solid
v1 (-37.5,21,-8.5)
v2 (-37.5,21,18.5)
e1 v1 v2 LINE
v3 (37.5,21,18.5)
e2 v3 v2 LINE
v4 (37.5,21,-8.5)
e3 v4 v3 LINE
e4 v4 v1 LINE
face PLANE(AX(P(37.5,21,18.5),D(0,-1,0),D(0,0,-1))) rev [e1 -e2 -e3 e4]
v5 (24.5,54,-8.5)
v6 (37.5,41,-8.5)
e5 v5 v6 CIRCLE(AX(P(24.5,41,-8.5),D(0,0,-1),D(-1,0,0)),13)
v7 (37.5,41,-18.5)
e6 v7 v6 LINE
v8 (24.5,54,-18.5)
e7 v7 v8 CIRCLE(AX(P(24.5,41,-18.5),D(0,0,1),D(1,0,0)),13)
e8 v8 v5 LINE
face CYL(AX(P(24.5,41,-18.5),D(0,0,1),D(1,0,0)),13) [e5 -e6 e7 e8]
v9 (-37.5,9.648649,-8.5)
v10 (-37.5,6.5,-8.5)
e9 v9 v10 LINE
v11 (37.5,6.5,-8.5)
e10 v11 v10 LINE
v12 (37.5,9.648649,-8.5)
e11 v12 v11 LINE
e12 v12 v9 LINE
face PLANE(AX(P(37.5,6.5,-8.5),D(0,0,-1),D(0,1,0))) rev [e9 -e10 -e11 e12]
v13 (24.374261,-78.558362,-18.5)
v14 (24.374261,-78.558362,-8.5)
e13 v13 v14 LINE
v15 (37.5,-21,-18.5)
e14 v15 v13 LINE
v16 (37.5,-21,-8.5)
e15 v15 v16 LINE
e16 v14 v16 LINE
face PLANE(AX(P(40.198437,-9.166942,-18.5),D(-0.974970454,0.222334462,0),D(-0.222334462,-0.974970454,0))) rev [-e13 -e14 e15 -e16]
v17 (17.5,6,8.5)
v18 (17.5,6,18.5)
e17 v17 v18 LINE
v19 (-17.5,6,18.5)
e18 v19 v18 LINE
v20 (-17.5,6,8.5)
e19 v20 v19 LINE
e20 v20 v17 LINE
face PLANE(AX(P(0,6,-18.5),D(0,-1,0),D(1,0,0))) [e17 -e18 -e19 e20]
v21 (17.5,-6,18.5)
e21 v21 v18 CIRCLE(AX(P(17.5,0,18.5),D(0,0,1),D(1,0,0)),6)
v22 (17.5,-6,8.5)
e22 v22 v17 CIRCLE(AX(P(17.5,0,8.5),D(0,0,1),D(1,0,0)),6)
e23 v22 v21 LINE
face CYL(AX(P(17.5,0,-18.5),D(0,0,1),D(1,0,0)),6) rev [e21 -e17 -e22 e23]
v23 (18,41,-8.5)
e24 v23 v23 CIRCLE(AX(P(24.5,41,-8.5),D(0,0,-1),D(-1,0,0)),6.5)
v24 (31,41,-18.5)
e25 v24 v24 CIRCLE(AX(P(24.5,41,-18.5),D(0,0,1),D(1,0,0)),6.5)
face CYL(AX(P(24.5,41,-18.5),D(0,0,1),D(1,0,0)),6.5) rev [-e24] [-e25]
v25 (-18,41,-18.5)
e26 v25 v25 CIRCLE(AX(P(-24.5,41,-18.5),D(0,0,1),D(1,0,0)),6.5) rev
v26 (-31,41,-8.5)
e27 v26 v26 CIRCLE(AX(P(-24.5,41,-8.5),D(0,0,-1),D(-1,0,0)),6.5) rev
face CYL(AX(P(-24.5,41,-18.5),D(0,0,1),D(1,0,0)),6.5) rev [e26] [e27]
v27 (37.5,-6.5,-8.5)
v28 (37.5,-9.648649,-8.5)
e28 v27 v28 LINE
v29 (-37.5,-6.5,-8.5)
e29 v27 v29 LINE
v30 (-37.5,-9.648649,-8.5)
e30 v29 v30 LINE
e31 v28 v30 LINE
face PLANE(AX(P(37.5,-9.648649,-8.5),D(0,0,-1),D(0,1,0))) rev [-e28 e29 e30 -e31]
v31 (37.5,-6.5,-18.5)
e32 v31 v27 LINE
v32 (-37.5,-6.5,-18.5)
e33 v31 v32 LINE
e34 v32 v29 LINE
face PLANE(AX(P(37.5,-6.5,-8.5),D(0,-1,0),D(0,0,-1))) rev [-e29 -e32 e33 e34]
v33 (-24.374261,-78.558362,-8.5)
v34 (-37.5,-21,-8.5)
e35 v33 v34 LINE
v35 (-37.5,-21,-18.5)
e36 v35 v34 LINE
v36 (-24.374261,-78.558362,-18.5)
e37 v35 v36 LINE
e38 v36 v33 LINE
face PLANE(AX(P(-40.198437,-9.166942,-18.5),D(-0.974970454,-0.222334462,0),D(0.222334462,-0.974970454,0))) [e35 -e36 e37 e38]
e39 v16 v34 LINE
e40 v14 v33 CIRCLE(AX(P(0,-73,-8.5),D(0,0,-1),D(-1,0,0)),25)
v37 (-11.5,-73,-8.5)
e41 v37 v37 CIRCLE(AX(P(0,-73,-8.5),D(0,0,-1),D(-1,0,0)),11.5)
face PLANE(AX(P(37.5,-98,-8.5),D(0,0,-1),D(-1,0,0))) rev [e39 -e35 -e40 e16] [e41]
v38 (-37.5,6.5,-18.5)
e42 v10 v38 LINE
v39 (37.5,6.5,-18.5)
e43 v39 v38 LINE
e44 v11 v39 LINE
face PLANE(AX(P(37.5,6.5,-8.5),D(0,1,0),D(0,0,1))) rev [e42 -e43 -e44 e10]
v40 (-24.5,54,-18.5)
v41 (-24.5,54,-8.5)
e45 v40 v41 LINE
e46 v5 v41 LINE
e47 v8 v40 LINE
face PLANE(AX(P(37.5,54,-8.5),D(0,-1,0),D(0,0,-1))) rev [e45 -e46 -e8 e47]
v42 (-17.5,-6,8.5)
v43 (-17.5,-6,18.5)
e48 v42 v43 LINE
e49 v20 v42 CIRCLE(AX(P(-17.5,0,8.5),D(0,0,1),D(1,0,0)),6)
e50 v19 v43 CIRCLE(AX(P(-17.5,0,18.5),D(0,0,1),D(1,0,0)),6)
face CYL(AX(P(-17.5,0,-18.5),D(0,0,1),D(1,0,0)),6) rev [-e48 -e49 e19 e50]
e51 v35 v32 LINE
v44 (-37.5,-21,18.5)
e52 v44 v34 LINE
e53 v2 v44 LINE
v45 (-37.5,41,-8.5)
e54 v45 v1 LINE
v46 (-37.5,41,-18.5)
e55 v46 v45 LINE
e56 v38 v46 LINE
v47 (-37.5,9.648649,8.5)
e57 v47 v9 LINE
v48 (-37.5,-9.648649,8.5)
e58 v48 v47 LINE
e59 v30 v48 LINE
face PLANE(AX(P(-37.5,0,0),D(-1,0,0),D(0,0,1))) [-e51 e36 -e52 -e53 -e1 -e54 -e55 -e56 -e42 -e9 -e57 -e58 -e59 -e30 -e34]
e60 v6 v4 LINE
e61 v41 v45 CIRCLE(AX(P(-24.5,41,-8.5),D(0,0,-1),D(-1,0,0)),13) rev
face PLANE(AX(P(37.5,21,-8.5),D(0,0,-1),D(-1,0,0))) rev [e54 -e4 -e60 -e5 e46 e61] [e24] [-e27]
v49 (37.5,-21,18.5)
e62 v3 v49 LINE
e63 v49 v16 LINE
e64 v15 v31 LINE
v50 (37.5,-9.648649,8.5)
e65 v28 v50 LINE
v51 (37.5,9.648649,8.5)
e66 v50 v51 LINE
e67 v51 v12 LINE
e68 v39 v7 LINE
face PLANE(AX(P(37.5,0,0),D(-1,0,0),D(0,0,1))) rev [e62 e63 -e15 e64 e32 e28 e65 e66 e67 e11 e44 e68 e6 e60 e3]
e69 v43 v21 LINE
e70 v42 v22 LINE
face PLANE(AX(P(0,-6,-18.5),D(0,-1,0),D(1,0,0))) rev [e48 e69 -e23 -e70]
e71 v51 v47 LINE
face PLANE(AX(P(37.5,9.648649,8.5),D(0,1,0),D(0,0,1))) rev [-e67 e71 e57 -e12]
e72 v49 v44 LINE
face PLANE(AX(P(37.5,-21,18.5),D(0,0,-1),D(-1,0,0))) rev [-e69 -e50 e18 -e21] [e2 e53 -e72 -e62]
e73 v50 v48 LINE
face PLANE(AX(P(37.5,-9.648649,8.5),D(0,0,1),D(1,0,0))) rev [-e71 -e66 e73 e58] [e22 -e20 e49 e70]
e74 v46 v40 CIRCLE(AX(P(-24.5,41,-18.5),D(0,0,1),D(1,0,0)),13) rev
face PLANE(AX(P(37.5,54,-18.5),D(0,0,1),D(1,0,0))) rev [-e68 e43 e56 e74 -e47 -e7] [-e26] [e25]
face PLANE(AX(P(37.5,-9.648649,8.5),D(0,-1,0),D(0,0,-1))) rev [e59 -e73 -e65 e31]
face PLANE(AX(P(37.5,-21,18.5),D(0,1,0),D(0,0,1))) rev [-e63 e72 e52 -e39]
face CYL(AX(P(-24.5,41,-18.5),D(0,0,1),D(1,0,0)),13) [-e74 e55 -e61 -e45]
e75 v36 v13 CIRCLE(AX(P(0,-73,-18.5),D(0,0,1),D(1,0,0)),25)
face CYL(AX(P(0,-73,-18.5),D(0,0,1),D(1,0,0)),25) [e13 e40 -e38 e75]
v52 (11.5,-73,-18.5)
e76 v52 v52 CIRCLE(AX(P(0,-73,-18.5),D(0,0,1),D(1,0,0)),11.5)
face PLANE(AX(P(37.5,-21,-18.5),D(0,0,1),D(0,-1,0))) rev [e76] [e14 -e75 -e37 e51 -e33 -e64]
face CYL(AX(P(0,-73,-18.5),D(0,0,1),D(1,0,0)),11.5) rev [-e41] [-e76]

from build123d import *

# Parameters (mm, degrees)
BOSS_EXTRUDE1_DEPTH     = 37.5
CUT_EXTRUDE1_DEPTH      = 107.548111199
CUT_EXTRUDE1_DEPTH_BACK = 107.548111199
SKETCH2_R               = 11.5
SKETCH2_R_2             = 6.5


with BuildPart() as part:
    # Sketch1 → Boss-Extrude1 (new, symmetric)
    with BuildSketch(Plane(origin=(0, 0, 0), x_dir=(0, 0, -1), z_dir=(1, 0, 0))):
        Polygon((8.5, 21), (8.5, 54), (18.5, 54), (18.5, 21), (18.5, 6.5), (8.5, 6.5), (8.5, 9.648648649), (-8.5, 9.648648649), (-8.5, -9.648648649), (8.5, -9.648648649), (8.5, -6.5), (18.5, -6.5), (18.5, -21), (18.5, -98), (8.5, -98), (8.5, -21), (-18.5, -21), (-18.5, 21), align=None)
    extrude(amount=BOSS_EXTRUDE1_DEPTH, both=True)

    # Sketch2 → Cut-Extrude1 (cut, two sides: drawn at the far end of the back side and taken through both)
    with BuildSketch(Plane.XY.offset(-CUT_EXTRUDE1_DEPTH_BACK)):
        with BuildLine():
            Line((37.5, -98), (37.5, -21))
            Line((37.5, -21), (24.374261359, -78.558361557))
            ThreePointArc((24.374261359, -78.558361557), (15.589114141, -92.544296362), (-6.8e-08, -98))
            Line((-6.8e-08, -98), (37.5, -98))
        make_face()
        with Locations((0, -73)):
            Circle(SKETCH2_R)
        with BuildLine():
            Line((-37.5, -98), (-6.8e-08, -98))
            ThreePointArc((-6.8e-08, -98), (-15.589114194, -92.54429632), (-24.374261359, -78.558361557))
            Line((-24.374261359, -78.558361557), (-37.5, -21))
            Line((-37.5, -21), (-37.5, -98))
        make_face()
        with BuildLine():
            Line((-17.5, -6), (17.5, -6))
            ThreePointArc((17.5, -6), (23.5, 0), (17.5, 6))
            Line((17.5, 6), (-17.5, 6))
            ThreePointArc((-17.5, 6), (-23.5, 0), (-17.5, -6))
        make_face()
        with Locations((24.5, 41)):
            Circle(SKETCH2_R_2)
        with Locations((-24.5, 41)):
            Circle(SKETCH2_R_2)
        with BuildLine():
            Line((37.5, 54), (24.5, 54))
            ThreePointArc((24.5, 54), (33.692388155, 50.192388155), (37.5, 41))
            Line((37.5, 41), (37.5, 54))
        make_face()
        with BuildLine():
            Line((-37.5, 54), (-37.5, 41))
            ThreePointArc((-37.5, 41), (-33.692388155, 50.192388155), (-24.5, 54))
            Line((-24.5, 54), (-37.5, 54))
        make_face()
    extrude(amount=CUT_EXTRUDE1_DEPTH + CUT_EXTRUDE1_DEPTH_BACK, mode=Mode.SUBTRACT)


solid = part.part
